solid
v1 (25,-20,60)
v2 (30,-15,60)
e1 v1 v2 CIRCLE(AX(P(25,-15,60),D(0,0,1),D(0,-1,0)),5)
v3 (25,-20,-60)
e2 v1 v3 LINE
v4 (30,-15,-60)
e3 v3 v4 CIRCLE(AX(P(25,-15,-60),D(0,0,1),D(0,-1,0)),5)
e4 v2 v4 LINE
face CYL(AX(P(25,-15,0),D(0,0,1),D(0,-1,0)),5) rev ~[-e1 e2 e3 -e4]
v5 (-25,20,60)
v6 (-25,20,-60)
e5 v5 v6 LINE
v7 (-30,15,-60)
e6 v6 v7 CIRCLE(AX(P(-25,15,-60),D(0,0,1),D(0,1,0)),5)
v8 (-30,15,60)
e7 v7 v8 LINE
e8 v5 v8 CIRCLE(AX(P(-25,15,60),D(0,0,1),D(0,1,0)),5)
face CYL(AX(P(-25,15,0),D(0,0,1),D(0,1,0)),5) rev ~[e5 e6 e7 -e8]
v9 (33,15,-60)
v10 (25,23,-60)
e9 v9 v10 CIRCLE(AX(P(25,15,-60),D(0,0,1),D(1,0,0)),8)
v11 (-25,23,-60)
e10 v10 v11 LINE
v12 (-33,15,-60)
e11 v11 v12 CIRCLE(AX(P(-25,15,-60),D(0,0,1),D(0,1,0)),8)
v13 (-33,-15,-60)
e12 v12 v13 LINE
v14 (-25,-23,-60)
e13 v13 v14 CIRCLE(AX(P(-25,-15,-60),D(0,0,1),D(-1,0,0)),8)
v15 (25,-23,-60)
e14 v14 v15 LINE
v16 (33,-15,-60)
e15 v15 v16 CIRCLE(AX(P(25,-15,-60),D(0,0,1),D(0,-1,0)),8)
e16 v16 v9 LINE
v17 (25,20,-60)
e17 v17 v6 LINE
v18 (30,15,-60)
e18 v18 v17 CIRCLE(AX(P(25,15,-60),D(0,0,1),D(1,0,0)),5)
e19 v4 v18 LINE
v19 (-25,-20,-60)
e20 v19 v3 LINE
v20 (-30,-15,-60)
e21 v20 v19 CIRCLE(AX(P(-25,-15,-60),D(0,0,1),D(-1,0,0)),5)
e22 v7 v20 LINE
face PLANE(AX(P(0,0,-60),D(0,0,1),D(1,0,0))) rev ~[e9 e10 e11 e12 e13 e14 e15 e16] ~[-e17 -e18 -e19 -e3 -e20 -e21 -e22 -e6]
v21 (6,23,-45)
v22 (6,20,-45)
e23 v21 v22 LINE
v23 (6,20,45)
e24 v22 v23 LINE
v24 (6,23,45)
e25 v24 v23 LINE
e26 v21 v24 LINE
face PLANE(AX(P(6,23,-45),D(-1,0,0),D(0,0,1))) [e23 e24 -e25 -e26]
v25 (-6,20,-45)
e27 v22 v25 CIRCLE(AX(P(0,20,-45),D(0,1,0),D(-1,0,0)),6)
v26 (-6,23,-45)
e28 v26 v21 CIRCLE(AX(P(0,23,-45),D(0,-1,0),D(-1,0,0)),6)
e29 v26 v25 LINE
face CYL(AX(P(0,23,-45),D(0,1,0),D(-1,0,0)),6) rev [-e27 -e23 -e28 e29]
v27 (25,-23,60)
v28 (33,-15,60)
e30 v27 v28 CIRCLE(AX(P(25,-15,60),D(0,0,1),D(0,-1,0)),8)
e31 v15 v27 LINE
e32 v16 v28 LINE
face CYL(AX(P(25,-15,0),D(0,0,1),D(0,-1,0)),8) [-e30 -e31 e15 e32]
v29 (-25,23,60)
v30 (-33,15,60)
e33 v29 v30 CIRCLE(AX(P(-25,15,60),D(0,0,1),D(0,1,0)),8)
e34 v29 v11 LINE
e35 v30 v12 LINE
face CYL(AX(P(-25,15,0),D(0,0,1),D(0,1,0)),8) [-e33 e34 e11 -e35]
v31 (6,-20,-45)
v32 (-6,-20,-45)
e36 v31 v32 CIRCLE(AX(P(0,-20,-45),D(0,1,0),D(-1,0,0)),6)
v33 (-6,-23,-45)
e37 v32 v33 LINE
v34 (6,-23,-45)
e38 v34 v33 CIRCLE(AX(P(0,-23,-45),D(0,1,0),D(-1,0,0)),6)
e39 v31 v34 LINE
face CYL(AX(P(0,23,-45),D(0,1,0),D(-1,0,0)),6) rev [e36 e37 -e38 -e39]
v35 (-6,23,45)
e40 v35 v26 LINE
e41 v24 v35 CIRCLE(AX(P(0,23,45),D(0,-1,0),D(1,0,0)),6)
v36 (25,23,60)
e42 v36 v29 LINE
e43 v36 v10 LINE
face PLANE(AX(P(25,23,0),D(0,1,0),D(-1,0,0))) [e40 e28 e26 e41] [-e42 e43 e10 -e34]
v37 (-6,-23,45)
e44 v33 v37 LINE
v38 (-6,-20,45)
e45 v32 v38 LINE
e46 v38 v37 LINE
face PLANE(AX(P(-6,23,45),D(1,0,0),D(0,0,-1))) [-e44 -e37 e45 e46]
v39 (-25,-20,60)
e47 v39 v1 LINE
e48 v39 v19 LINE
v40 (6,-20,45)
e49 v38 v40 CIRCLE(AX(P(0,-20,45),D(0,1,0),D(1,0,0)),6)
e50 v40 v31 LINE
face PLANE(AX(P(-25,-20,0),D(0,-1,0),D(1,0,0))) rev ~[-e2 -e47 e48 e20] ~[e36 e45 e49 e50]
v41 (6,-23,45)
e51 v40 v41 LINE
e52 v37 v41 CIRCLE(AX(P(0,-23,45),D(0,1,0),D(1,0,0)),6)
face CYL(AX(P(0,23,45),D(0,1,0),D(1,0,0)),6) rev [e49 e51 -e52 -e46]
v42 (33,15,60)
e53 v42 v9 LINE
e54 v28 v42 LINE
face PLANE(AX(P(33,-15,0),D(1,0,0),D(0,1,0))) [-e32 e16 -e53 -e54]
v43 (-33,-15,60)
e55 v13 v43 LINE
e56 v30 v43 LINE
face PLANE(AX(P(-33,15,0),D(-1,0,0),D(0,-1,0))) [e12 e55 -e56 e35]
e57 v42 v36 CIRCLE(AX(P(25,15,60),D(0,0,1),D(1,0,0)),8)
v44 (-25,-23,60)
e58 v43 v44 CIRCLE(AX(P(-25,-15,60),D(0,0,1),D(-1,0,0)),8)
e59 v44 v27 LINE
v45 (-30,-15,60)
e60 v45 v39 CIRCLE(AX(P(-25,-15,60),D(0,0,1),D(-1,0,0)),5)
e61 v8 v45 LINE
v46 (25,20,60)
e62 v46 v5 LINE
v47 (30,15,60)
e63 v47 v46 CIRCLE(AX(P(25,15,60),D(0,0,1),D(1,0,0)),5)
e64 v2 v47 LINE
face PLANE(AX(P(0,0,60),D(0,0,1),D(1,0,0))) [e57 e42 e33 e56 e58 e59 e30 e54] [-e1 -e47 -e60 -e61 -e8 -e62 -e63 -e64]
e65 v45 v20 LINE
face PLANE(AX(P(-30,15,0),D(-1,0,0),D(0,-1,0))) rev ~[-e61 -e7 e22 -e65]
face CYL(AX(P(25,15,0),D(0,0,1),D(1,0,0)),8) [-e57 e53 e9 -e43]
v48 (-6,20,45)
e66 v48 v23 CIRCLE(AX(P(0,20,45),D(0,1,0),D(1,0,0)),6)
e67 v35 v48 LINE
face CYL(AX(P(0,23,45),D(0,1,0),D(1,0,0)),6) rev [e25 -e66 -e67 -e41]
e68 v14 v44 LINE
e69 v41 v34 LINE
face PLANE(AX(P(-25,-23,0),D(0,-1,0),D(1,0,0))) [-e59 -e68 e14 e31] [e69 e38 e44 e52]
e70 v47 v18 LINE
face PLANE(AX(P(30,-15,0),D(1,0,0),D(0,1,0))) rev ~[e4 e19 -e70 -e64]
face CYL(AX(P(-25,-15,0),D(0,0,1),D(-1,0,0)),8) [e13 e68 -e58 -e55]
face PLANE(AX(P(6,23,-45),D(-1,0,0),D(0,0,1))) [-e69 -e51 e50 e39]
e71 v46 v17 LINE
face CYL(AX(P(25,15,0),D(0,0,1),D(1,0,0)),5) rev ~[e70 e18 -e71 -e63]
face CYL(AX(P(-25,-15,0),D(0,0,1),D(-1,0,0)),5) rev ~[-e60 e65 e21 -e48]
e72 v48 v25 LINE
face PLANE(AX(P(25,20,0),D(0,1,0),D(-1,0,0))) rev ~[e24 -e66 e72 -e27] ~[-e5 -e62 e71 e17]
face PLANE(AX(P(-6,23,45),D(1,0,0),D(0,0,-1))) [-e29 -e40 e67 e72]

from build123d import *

# Parameters (mm, degrees)
EXTRUDE_THIN1_DEPTH     = 60
CUT_EXTRUDE1_DEPTH      = 1
CUT_EXTRUDE1_DEPTH_BACK = 47


with BuildPart() as part:
    # Sketch1 → Extrude-Thin1 (new body, symmetric)
    with BuildSketch(Plane.XY):
        with BuildLine():
            Line((-33, 15), (-33, -15))
            ThreePointArc((-33, -15), (-30.656854249, -20.656854249), (-25, -23))
            Line((-25, -23), (25, -23))
            ThreePointArc((25, -23), (30.656854249, -20.656854249), (33, -15))
            Line((33, -15), (33, 15))
            ThreePointArc((33, 15), (30.656854249, 20.656854249), (25, 23))
            Line((25, 23), (-25, 23))
            ThreePointArc((-25, 23), (-30.656854249, 20.656854249), (-33, 15))
        make_face()
        with BuildLine():
            Line((-30, 15), (-30, -15))
            ThreePointArc((-30, -15), (-28.535533906, -18.535533906), (-25, -20))
            Line((-25, -20), (25, -20))
            ThreePointArc((25, -20), (28.535533906, -18.535533906), (30, -15))
            Line((30, -15), (30, 15))
            ThreePointArc((30, 15), (28.535533906, 18.535533906), (25, 20))
            Line((25, 20), (-25, 20))
            ThreePointArc((-25, 20), (-28.535533906, 18.535533906), (-30, 15))
        make_face(mode=Mode.SUBTRACT)
    extrude(amount=EXTRUDE_THIN1_DEPTH, both=True)

    # Sketch2 → Cut-Extrude1 (cut, two sides)
    with BuildSketch(Plane(origin=(0, 23, 0), x_dir=(1, 0, 0), z_dir=(0, 1, 0))) as cut_extrude1_sk:
        with BuildLine():
            Line((6, 45), (6, -45))
            ThreePointArc((6, -45), (0, -51), (-6, -45))
            Line((-6, -45), (-6, 45))
            ThreePointArc((-6, 45), (0, 51), (6, 45))
        make_face()
    extrude(amount=CUT_EXTRUDE1_DEPTH, mode=Mode.SUBTRACT)
    extrude(cut_extrude1_sk.sketch, amount=-CUT_EXTRUDE1_DEPTH_BACK, mode=Mode.SUBTRACT)


solid = part.part
